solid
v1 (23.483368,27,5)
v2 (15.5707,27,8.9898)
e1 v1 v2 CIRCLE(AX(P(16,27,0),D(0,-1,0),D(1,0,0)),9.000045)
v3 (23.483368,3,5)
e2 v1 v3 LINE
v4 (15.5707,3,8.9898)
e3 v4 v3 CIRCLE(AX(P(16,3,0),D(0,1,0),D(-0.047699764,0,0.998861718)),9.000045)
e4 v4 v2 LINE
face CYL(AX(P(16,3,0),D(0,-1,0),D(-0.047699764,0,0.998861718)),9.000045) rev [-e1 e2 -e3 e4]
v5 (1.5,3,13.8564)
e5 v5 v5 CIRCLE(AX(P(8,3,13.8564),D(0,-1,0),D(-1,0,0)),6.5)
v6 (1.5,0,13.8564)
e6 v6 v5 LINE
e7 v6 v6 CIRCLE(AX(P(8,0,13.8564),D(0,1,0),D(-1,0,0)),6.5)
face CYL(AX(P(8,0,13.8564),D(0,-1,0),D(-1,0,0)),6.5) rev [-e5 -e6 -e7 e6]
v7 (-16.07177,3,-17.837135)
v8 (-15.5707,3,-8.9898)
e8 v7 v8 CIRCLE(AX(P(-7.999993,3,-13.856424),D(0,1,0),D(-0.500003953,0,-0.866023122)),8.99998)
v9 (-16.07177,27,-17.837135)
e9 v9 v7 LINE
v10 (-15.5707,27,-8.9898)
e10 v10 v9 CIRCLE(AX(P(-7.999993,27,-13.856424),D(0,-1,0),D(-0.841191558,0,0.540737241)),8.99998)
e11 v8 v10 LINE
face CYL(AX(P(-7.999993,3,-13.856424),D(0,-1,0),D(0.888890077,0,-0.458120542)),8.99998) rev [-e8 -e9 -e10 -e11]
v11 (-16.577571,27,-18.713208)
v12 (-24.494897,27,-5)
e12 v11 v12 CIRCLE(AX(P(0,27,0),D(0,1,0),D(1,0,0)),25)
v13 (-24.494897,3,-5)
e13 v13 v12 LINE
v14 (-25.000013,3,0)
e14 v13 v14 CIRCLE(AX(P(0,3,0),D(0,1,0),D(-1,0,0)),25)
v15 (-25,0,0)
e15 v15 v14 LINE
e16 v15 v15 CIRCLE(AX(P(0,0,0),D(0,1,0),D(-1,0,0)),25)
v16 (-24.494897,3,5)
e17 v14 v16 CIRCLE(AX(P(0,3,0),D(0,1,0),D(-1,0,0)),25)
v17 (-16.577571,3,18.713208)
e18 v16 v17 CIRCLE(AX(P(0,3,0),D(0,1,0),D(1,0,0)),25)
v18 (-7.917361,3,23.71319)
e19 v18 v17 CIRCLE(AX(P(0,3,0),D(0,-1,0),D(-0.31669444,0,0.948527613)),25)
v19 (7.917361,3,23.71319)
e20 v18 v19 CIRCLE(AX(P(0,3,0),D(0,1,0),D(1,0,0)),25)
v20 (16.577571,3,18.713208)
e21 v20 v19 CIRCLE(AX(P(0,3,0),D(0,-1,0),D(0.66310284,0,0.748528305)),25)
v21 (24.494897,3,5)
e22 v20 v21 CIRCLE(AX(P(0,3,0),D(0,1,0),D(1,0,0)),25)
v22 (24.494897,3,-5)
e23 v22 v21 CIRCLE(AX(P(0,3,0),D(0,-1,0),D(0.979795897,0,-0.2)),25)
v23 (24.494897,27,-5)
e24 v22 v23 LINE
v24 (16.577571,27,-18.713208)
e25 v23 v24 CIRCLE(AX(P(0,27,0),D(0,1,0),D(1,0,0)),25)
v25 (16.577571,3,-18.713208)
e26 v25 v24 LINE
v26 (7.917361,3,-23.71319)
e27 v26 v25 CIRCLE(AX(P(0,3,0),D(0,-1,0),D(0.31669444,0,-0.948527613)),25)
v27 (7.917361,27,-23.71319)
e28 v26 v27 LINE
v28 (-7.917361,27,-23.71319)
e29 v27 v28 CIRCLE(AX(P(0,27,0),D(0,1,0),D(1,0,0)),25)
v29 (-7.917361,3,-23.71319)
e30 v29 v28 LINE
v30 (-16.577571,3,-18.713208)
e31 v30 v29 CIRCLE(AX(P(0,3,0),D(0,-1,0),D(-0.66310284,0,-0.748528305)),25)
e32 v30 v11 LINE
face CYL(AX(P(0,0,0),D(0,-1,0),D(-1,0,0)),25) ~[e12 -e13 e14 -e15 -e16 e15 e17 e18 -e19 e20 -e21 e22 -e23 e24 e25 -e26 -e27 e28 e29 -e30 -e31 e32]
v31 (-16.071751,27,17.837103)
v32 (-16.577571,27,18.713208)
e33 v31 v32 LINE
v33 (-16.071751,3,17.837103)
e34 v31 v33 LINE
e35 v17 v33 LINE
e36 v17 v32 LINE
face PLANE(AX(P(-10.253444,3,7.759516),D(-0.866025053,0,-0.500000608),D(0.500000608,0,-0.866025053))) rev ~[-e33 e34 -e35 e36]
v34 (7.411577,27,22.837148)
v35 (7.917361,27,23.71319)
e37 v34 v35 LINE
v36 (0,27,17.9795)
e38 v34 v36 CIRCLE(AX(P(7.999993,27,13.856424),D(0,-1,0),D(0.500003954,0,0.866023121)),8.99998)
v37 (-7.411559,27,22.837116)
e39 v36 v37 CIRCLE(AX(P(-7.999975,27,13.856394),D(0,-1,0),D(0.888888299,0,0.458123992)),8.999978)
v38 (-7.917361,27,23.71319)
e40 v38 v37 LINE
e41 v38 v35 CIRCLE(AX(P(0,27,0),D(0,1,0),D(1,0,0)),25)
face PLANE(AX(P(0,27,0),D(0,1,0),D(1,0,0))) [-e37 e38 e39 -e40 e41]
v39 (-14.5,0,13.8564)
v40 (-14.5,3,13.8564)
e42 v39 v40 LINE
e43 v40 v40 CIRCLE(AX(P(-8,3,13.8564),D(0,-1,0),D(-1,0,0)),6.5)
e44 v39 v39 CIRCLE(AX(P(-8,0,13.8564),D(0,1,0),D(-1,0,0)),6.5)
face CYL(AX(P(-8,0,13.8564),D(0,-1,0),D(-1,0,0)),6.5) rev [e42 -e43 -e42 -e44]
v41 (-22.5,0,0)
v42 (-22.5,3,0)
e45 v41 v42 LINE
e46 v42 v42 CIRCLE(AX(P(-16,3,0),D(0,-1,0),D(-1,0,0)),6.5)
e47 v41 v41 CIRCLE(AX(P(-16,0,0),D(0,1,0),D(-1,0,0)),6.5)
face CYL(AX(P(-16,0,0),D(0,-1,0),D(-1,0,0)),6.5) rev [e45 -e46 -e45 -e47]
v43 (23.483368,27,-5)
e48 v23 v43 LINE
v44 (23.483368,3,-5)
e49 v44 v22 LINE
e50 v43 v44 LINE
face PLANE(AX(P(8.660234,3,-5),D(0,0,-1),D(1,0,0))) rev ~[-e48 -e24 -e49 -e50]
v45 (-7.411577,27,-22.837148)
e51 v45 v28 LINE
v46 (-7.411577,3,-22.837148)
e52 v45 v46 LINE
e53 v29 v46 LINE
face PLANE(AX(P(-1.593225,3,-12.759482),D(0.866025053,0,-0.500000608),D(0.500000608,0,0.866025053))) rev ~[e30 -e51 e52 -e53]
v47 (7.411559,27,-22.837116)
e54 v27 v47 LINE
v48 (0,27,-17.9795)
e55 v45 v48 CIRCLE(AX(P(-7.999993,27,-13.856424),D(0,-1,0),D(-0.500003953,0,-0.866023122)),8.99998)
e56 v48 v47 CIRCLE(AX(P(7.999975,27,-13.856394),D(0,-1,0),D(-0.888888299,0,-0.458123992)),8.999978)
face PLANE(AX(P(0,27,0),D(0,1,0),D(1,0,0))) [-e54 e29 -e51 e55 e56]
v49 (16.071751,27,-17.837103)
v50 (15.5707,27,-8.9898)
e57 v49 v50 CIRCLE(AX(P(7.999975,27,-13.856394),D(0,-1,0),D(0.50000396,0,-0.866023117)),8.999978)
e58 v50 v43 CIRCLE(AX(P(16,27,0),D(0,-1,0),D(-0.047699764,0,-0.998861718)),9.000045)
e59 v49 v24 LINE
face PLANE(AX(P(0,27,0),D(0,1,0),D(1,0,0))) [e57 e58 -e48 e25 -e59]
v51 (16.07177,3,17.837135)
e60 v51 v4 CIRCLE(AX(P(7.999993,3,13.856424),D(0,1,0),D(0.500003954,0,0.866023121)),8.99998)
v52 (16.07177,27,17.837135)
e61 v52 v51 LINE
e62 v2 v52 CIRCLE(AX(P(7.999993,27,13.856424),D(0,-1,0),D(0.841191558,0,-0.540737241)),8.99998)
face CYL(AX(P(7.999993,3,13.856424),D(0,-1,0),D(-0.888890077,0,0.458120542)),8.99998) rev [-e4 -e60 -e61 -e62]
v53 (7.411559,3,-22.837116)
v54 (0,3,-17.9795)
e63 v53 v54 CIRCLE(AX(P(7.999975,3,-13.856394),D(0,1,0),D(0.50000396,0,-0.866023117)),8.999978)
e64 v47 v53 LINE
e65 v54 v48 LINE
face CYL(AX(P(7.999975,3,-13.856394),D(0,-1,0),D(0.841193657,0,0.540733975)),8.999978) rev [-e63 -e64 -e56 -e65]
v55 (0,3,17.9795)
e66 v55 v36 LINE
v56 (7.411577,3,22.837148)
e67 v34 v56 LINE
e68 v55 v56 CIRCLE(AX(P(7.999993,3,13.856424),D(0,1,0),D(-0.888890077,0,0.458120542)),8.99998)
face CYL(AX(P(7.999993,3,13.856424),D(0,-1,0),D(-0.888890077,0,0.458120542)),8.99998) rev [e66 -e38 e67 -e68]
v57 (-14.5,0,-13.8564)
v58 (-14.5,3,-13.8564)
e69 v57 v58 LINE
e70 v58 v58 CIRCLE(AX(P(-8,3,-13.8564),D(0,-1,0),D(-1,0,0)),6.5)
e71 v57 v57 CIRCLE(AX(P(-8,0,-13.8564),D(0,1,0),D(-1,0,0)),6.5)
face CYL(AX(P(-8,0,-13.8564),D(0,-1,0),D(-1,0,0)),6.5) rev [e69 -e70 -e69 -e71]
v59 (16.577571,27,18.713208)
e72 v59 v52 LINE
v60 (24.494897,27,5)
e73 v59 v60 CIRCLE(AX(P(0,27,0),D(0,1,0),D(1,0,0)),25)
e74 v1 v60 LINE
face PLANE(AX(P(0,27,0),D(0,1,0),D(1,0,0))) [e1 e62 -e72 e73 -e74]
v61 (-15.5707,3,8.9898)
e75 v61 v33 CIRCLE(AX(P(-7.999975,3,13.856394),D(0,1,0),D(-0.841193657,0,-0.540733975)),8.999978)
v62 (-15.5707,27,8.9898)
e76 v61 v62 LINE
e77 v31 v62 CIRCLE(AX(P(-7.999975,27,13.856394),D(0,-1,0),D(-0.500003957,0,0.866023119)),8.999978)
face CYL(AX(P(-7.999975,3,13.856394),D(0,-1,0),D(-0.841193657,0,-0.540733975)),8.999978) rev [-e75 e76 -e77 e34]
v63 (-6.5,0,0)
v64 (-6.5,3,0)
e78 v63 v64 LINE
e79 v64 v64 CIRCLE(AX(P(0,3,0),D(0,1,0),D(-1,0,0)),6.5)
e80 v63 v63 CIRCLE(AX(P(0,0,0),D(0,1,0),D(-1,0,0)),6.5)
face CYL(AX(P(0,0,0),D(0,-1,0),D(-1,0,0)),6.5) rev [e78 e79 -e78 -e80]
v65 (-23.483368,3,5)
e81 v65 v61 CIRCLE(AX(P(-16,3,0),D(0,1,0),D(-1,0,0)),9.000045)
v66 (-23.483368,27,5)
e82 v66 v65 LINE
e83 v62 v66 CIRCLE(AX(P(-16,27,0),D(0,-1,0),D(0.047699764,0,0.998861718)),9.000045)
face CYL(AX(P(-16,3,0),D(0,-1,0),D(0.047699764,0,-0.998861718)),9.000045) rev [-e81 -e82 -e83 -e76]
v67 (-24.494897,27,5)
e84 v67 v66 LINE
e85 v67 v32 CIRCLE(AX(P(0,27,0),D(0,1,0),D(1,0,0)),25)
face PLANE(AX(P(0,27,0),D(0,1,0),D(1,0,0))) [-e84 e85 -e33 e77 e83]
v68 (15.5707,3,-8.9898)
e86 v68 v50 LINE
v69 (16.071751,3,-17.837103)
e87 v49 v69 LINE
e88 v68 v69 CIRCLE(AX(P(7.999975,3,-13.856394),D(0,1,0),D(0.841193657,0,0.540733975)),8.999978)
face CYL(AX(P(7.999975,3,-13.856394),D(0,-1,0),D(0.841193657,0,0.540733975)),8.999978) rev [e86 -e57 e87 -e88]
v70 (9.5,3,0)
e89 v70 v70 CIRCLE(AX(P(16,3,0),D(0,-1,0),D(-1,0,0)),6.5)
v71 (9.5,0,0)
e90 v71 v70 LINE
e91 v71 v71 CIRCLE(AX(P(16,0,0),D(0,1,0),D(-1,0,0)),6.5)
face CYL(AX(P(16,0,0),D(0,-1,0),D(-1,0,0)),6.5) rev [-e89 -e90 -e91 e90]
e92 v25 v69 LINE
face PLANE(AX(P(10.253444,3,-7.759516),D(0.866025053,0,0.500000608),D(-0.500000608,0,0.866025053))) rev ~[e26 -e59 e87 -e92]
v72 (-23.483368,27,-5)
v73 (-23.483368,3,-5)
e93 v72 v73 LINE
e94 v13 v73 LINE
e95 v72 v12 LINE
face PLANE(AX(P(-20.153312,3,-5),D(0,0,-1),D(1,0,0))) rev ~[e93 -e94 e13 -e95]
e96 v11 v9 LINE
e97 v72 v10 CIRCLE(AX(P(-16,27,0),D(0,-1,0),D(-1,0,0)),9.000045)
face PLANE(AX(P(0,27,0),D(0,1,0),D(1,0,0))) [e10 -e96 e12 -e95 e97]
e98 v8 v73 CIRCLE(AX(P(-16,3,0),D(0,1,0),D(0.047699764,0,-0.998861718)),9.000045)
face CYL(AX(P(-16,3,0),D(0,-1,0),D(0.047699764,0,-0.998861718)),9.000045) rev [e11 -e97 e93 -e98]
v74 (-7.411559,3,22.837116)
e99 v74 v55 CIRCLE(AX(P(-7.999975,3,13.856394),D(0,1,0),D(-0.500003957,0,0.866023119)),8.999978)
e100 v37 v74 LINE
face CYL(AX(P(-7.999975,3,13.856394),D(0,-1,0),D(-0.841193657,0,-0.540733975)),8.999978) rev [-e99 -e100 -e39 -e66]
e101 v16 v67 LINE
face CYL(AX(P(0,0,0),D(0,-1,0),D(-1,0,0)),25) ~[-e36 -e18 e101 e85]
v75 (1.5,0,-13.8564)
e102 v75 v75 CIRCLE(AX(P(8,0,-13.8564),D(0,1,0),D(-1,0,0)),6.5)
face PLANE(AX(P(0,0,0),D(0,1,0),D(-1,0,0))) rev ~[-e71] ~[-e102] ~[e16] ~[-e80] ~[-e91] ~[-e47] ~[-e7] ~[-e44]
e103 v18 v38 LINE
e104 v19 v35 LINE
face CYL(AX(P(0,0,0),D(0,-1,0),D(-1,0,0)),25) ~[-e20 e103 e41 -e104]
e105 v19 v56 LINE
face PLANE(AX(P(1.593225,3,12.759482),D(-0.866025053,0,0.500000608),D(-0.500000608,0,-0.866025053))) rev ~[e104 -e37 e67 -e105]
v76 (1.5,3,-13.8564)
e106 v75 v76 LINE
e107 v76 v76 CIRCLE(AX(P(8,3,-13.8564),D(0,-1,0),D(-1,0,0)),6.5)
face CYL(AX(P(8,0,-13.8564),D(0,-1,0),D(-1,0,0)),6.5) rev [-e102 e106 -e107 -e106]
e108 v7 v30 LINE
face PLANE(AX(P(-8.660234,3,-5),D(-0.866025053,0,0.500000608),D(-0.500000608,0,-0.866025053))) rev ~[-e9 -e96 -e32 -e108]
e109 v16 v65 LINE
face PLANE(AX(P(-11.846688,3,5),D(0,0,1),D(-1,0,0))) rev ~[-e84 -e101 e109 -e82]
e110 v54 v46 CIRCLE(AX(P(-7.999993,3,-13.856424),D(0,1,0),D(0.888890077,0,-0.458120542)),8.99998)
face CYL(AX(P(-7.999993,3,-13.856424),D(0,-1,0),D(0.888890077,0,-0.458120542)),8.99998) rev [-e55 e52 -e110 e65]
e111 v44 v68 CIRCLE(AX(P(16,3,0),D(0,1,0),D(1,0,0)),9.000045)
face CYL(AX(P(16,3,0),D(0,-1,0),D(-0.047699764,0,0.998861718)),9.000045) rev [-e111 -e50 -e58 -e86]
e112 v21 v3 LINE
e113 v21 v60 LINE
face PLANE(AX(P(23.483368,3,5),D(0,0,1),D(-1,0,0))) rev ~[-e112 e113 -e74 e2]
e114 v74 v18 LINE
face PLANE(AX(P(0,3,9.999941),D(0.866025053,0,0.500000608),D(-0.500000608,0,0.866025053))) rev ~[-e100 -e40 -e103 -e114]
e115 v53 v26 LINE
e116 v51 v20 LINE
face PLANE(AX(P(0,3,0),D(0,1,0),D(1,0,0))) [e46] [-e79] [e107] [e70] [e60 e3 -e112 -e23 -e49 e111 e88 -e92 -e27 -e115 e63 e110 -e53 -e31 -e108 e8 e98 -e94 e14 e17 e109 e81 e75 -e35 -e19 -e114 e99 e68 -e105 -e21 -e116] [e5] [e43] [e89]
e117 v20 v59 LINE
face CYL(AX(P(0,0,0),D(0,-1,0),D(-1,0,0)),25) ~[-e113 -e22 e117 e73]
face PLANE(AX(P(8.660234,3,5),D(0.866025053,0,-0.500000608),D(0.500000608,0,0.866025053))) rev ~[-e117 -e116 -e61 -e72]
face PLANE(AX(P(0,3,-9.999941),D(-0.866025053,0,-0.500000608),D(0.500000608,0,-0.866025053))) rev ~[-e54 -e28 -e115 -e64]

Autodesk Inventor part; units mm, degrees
ref_plane "YZ Plane" through (0, 0, 0) normal (1, 0, 0) x (0, 1, 0)
ref_plane "XZ Plane" through (0, 0, 0) normal (0, 1, 0) x (-1, 0, 0)
ref_plane "XY Plane" through (0, 0, 0) normal (0, 0, 1) x (1, 0, 0)
sketch "스케치1" plane through (0, 0, 0) normal (0, 1, 0) x (-1, 0, 0)
  circle A0 centre (0, 0) radius 25
  circle A1 centre (16, 0) radius 6.5
  circle A2 centre (8, 13.8564) radius 6.5
  circle A3 centre (-8, 13.8564) radius 6.5
  circle A4 centre (-16, 0) radius 6.5
  circle A5 centre (-8, -13.8564) radius 6.5
  circle A6 centre (8, -13.8564) radius 6.5
  circle A7 centre (0, 0) radius 6.5
  dimension "d0" = 50
  dimension "d1" = 13
  dimension "d2" = 16
  dimension "d5" = 360
  dimension "d7" = 13
extrude "돌출1" add sketch "스케치1" along normal blind 3
sketch "스케치2" plane through (0, 3, 0) normal (0, 1, 0) x (1, 0, 0)
  circle A0 centre (-16, 0) radius 6.5 projected
  circle A1 centre (-8, 13.8564) radius 6.5 projected
  circle A2 centre (8, 13.8564) radius 6.5 projected
  circle A3 centre (8, -13.8564) radius 6.5 projected
  circle A4 centre (-8, -13.8564) radius 6.5 projected
  circle A5 centre (0, 0) radius 25
  arc A6 (-15.5707, 8.9898) -> (-15.5707, -8.9898) centre (-16, 0) ccw
  arc A7 (0, 17.9795) -> (-15.5707, 8.9898) centre (-8, 13.8564) ccw
  arc A8 (15.5707, 8.9898) -> (0, 17.9795) centre (8, 13.8564) ccw
  arc A9 (15.5707, -8.9898) -> (15.5707, 8.9898) centre (16, 0) ccw
  arc A10 (0, -17.9795) -> (15.5707, -8.9898) centre (8, -13.8564) ccw
  arc A11 (-15.5707, -8.9898) -> (0, -17.9795) centre (-8, -13.8564) ccw
  line L0 (25, -5) -> (-25, -5)
  line L1 (-25, -5) -> (-25, 5)
  line L2 (-25, 5) -> (25, 5)
  line L3 (25, 5) -> (25, -5)
  line L4 (25, -5) -> (-25, 5) construction
  line L5 (-25, -5) -> (25, 5) construction
  line L6 (-8.1699, -24.1506) -> (-16.8301, -19.1506)
  line L7 (-16.8301, -19.1506) -> (8.1699, 24.1506)
  line L8 (16.8301, 19.1506) -> (-8.1699, -24.1506)
  line L9 (8.1699, 24.1506) -> (16.8301, 19.1506)
  line L10 (16.8301, -19.1506) -> (8.1699, -24.1506)
  line L11 (8.1699, -24.1506) -> (-16.8301, 19.1506)
  line L12 (-8.1699, 24.1506) -> (16.8301, -19.1506)
  line L13 (-16.8301, 19.1506) -> (-8.1699, 24.1506)
  line L14 (25, 5) -> (25, -5)
  line L15 (25, -5) -> (-25, -5)
  line L16 (-25, 5) -> (25, 5)
  line L17 (-25, -5) -> (-25, 5)
  line L18 (8.1699, 24.1506) -> (16.8301, 19.1506)
  line L19 (16.8301, 19.1506) -> (-8.1699, -24.1506)
  line L20 (-16.8301, -19.1506) -> (8.1699, 24.1506)
  line L21 (-8.1699, -24.1506) -> (-16.8301, -19.1506)
  line L22 (-16.8301, 19.1506) -> (-8.1699, 24.1506)
  line L23 (-8.1699, 24.1506) -> (16.8301, -19.1506)
  line L24 (8.1699, -24.1506) -> (-16.8301, 19.1506)
  line L25 (16.8301, -19.1506) -> (8.1699, -24.1506)
  point P0 (16, 0)
  dimension "d17" = 50
  dimension "d18" = 10
  dimension "d21" = 360
extrude "돌출2" add sketch "스케치2" along normal blind 24 contours L2 A5 L11 A7 A6 | A6 A5 L2 | L0 A5 A6 | A6 A11 L7 A5 L0 | L11 A5 A7 | A11 A5 L7 | A5 L12 A7 | L2 A5 A9 | A9 A8 L8 A5 L2 | L12 A5 L7 A8 A7 | A11 L8 A5 | L0 A5 L12 A10 A9 | A9 A5 L0 | A11 A10 L11 A5 L8 | L7 A5 A8 | A10 A5 L11 | A8 A5 L8 | L12 A5 A10
extrude "돌출3" cut sketch "스케치2" along normal blind 27 contours A0 L0 L2 | A0 L2 L11 L7 L0 | A0 L0 A6 L2 | L11 A1 L12 L7 L2 | L2 L7 L11 | L7 L11 L0 | L0 L11 L8 A4 L7 | A6 A5 L2 | L7 L12 L2 | L2 L12 L8 L0 L11 L7 | L11 A1 L12 | L0 A5 A6 | L0 L8 L11 | A4 L8 L7 | L1 L2 A5 | A5 L0 L1 | L12 L7 A2 L8 L2 | L2 L8 L12 | L11 A7 L12 A1 | L8 L12 L0 | L0 L12 A3 L11 L8 | A4 L8 A11 L7 | L11 A5 A7 | L11 L13 A5 | L2 A9 L0 L12 L8 | L7 A2 L8 | A11 A5 L7 | A5 L6 L7 | A3 L12 L11 | L13 L12 A5 | A5 L12 A7 | L2 A5 A9 | L7 A8 L8 A2 | A11 L8 A5 | A5 L8 L6 | A9 A5 L0 | A3 L12 A10 L11 | L3 L0 A5 | A5 L2 L3 | L7 A5 A8 | A10 A5 L11 | L7 L9 A5 | A8 A5 L8 | A5 L9 L8 | A5 L10 L11 | L12 A5 A10 | L12 L10 A5
properties part number "hand_joy_cover"
